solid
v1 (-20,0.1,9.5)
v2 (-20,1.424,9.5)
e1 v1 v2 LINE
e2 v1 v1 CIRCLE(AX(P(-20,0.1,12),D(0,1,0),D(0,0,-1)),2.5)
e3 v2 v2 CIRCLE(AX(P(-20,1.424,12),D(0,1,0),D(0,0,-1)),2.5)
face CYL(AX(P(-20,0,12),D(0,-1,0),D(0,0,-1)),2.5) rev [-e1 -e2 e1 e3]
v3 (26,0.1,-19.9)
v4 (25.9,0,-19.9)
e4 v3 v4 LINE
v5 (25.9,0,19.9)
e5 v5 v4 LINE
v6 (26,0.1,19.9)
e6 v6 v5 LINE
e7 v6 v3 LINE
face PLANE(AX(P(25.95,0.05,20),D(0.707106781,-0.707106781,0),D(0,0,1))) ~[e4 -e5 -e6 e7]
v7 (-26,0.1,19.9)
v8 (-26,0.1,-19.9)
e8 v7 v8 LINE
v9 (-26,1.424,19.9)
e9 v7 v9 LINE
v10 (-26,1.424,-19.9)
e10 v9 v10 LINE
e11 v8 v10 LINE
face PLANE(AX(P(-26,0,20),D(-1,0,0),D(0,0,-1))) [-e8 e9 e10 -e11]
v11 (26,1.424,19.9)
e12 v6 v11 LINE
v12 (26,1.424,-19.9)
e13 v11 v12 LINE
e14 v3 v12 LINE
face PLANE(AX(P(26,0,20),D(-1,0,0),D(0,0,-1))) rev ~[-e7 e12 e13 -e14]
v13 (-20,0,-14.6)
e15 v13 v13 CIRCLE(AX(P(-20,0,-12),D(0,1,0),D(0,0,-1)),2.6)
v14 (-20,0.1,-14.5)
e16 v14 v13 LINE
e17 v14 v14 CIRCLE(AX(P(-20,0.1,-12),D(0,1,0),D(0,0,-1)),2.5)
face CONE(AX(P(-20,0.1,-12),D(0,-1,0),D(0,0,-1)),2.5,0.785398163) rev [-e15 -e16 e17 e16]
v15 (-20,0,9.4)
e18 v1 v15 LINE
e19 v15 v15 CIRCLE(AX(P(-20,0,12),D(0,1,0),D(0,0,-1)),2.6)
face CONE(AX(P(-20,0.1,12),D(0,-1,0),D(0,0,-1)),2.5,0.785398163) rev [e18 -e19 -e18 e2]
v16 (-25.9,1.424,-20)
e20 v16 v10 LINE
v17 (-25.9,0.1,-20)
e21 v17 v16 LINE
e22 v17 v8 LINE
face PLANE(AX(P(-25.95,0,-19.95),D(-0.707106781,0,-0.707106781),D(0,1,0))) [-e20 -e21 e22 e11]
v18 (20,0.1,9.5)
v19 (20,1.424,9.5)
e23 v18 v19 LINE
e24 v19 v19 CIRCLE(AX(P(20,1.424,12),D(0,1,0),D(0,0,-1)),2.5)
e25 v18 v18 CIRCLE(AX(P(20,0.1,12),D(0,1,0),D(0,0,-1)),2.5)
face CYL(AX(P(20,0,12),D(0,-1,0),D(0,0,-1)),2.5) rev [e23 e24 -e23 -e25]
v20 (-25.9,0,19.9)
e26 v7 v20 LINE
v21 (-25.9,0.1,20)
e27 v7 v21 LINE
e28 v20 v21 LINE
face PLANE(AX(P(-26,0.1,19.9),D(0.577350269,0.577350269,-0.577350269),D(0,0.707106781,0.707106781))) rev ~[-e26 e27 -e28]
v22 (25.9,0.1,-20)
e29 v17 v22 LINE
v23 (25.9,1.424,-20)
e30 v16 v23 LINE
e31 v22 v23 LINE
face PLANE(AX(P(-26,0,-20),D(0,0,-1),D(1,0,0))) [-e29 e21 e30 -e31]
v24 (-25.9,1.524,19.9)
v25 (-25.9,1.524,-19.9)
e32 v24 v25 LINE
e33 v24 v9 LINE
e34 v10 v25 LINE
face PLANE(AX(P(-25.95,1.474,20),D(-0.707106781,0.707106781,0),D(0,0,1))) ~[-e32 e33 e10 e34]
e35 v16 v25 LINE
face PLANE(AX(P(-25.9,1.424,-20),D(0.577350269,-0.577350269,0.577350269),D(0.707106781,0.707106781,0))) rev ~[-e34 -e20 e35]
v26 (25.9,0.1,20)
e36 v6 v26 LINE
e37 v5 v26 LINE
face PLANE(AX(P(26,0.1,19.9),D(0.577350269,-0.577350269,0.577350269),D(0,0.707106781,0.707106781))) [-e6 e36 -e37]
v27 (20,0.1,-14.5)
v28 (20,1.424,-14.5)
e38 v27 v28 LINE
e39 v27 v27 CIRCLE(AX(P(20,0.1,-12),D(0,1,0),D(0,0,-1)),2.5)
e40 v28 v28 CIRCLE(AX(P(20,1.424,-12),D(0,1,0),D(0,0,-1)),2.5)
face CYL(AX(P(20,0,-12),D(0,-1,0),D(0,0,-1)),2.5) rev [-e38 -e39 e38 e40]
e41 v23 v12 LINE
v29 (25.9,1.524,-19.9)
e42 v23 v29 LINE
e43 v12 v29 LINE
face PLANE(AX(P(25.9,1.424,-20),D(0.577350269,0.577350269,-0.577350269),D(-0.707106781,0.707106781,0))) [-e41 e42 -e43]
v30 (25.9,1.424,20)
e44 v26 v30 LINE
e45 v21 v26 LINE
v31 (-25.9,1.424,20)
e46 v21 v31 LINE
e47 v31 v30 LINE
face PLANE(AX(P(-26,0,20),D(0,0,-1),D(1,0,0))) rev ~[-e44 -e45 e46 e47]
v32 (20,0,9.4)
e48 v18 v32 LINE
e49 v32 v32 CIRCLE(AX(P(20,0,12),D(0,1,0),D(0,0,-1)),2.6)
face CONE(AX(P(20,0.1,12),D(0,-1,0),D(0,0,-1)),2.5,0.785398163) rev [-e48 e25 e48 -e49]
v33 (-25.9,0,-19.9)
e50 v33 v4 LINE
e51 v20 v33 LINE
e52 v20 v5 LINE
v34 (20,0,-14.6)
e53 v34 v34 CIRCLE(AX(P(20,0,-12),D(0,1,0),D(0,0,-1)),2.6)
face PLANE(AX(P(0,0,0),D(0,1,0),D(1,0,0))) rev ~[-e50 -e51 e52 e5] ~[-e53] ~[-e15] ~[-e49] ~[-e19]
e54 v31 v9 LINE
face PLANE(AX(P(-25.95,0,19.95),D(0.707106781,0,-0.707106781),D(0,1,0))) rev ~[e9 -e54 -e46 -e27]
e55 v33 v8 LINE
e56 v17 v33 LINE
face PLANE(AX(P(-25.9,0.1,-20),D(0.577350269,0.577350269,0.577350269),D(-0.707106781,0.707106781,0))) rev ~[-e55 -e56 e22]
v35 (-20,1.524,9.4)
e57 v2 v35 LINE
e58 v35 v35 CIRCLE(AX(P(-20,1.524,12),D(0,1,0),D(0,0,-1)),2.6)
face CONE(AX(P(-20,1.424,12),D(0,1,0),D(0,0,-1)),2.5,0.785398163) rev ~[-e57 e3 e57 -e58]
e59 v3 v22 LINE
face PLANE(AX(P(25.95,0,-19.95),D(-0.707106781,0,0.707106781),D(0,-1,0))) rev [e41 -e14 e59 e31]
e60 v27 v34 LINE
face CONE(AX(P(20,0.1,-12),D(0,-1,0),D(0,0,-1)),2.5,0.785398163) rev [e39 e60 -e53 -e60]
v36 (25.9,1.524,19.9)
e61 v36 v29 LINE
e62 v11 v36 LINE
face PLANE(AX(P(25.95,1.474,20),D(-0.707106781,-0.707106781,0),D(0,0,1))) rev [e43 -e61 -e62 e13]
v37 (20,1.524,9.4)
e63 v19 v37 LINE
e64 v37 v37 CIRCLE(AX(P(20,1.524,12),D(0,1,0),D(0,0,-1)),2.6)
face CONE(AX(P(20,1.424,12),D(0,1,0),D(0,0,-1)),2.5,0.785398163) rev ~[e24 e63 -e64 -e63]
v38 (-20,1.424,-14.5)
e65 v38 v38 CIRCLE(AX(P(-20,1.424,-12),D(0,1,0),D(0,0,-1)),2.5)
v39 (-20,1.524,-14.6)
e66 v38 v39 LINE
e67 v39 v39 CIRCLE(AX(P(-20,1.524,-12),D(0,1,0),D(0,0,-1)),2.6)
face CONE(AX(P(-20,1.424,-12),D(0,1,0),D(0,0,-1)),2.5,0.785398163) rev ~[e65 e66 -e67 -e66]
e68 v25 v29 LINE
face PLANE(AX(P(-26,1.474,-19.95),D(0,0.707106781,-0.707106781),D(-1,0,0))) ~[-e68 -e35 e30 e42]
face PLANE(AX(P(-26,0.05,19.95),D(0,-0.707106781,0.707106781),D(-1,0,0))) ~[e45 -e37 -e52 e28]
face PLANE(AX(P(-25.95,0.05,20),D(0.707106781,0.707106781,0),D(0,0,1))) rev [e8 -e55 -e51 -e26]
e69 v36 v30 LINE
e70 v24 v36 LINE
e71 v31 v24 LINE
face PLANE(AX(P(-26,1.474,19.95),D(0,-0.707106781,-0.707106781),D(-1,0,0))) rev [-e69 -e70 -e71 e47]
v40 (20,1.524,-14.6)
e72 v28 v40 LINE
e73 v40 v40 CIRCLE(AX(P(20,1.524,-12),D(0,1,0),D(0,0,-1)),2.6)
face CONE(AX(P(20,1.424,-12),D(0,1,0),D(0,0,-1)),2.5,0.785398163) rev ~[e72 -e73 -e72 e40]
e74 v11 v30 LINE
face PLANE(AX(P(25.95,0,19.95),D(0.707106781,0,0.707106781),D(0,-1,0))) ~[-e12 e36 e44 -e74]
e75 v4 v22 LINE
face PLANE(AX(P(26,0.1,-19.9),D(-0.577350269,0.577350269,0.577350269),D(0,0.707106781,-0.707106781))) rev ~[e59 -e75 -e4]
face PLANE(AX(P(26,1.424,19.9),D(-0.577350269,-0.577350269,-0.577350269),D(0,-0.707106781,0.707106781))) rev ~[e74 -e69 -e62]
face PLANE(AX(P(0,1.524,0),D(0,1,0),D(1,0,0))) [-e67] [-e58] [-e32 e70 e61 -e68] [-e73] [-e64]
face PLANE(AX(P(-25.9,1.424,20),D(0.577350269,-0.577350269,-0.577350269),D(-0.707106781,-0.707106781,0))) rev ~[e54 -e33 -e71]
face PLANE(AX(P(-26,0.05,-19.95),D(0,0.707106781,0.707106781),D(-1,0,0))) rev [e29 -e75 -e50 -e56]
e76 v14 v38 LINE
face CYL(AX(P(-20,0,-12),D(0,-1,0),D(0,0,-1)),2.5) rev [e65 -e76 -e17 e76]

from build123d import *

# Parameters (mm, degrees)
SKETCH1_W           = 52
SKETCH1_H           = 40
SKETCH1_R           = 2.5
BOSS_EXTRUDE1_DEPTH = 1.524
CHAMFER1_SIZE       = 0.1


with BuildPart() as part:
    # Sketch1 → Boss-Extrude1 (new body)
    with BuildSketch(Plane(origin=(0, 0, 0), x_dir=(1, 0, 0), z_dir=(0, 1, 0))):
        Rectangle(SKETCH1_W, SKETCH1_H)
        with Locations(Location((-20, 12, 0), (0, 0, 90))):
            Circle(SKETCH1_R, mode=Mode.SUBTRACT)
        with Locations(Location((20, 12, 0), (0, 0, 90))):
            Circle(SKETCH1_R, mode=Mode.SUBTRACT)
        with Locations(Location((20, -12, 0), (0, 0, 90))):
            Circle(SKETCH1_R, mode=Mode.SUBTRACT)
        with Locations(Location((-20, -12, 0), (0, 0, 90))):
            Circle(SKETCH1_R, mode=Mode.SUBTRACT)
    extrude(amount=BOSS_EXTRUDE1_DEPTH)

    # Chamfer1
    chamfer1_edges = [part.edges().sort_by_distance(p)[0] for p in [
        (-20, 0, -9.5),
        (-20, 1.524, -9.5),
        (-26, 1.524, 0),
        (20, 0, -9.5),
        (20, 1.524, -9.5),
        (0, 1.524, 20),
        (20, 0, 14.5),
        (20, 1.524, 14.5),
        (-20, 0, 14.5),
        (-20, 1.524, 14.5),
        (26, 1.524, 0),
        (0, 0, 20),
        (-26, 0, 0),
        (0, 0, -20),
        (26, 0, 0),
        (26, 0.762, 20),
        (-26, 0.762, 20),
        (-26, 0.762, -20),
        (26, 0.762, -20),
        (0, 1.524, -20),
    ]]
    chamfer(chamfer1_edges, length=CHAMFER1_SIZE)


solid = part.part
